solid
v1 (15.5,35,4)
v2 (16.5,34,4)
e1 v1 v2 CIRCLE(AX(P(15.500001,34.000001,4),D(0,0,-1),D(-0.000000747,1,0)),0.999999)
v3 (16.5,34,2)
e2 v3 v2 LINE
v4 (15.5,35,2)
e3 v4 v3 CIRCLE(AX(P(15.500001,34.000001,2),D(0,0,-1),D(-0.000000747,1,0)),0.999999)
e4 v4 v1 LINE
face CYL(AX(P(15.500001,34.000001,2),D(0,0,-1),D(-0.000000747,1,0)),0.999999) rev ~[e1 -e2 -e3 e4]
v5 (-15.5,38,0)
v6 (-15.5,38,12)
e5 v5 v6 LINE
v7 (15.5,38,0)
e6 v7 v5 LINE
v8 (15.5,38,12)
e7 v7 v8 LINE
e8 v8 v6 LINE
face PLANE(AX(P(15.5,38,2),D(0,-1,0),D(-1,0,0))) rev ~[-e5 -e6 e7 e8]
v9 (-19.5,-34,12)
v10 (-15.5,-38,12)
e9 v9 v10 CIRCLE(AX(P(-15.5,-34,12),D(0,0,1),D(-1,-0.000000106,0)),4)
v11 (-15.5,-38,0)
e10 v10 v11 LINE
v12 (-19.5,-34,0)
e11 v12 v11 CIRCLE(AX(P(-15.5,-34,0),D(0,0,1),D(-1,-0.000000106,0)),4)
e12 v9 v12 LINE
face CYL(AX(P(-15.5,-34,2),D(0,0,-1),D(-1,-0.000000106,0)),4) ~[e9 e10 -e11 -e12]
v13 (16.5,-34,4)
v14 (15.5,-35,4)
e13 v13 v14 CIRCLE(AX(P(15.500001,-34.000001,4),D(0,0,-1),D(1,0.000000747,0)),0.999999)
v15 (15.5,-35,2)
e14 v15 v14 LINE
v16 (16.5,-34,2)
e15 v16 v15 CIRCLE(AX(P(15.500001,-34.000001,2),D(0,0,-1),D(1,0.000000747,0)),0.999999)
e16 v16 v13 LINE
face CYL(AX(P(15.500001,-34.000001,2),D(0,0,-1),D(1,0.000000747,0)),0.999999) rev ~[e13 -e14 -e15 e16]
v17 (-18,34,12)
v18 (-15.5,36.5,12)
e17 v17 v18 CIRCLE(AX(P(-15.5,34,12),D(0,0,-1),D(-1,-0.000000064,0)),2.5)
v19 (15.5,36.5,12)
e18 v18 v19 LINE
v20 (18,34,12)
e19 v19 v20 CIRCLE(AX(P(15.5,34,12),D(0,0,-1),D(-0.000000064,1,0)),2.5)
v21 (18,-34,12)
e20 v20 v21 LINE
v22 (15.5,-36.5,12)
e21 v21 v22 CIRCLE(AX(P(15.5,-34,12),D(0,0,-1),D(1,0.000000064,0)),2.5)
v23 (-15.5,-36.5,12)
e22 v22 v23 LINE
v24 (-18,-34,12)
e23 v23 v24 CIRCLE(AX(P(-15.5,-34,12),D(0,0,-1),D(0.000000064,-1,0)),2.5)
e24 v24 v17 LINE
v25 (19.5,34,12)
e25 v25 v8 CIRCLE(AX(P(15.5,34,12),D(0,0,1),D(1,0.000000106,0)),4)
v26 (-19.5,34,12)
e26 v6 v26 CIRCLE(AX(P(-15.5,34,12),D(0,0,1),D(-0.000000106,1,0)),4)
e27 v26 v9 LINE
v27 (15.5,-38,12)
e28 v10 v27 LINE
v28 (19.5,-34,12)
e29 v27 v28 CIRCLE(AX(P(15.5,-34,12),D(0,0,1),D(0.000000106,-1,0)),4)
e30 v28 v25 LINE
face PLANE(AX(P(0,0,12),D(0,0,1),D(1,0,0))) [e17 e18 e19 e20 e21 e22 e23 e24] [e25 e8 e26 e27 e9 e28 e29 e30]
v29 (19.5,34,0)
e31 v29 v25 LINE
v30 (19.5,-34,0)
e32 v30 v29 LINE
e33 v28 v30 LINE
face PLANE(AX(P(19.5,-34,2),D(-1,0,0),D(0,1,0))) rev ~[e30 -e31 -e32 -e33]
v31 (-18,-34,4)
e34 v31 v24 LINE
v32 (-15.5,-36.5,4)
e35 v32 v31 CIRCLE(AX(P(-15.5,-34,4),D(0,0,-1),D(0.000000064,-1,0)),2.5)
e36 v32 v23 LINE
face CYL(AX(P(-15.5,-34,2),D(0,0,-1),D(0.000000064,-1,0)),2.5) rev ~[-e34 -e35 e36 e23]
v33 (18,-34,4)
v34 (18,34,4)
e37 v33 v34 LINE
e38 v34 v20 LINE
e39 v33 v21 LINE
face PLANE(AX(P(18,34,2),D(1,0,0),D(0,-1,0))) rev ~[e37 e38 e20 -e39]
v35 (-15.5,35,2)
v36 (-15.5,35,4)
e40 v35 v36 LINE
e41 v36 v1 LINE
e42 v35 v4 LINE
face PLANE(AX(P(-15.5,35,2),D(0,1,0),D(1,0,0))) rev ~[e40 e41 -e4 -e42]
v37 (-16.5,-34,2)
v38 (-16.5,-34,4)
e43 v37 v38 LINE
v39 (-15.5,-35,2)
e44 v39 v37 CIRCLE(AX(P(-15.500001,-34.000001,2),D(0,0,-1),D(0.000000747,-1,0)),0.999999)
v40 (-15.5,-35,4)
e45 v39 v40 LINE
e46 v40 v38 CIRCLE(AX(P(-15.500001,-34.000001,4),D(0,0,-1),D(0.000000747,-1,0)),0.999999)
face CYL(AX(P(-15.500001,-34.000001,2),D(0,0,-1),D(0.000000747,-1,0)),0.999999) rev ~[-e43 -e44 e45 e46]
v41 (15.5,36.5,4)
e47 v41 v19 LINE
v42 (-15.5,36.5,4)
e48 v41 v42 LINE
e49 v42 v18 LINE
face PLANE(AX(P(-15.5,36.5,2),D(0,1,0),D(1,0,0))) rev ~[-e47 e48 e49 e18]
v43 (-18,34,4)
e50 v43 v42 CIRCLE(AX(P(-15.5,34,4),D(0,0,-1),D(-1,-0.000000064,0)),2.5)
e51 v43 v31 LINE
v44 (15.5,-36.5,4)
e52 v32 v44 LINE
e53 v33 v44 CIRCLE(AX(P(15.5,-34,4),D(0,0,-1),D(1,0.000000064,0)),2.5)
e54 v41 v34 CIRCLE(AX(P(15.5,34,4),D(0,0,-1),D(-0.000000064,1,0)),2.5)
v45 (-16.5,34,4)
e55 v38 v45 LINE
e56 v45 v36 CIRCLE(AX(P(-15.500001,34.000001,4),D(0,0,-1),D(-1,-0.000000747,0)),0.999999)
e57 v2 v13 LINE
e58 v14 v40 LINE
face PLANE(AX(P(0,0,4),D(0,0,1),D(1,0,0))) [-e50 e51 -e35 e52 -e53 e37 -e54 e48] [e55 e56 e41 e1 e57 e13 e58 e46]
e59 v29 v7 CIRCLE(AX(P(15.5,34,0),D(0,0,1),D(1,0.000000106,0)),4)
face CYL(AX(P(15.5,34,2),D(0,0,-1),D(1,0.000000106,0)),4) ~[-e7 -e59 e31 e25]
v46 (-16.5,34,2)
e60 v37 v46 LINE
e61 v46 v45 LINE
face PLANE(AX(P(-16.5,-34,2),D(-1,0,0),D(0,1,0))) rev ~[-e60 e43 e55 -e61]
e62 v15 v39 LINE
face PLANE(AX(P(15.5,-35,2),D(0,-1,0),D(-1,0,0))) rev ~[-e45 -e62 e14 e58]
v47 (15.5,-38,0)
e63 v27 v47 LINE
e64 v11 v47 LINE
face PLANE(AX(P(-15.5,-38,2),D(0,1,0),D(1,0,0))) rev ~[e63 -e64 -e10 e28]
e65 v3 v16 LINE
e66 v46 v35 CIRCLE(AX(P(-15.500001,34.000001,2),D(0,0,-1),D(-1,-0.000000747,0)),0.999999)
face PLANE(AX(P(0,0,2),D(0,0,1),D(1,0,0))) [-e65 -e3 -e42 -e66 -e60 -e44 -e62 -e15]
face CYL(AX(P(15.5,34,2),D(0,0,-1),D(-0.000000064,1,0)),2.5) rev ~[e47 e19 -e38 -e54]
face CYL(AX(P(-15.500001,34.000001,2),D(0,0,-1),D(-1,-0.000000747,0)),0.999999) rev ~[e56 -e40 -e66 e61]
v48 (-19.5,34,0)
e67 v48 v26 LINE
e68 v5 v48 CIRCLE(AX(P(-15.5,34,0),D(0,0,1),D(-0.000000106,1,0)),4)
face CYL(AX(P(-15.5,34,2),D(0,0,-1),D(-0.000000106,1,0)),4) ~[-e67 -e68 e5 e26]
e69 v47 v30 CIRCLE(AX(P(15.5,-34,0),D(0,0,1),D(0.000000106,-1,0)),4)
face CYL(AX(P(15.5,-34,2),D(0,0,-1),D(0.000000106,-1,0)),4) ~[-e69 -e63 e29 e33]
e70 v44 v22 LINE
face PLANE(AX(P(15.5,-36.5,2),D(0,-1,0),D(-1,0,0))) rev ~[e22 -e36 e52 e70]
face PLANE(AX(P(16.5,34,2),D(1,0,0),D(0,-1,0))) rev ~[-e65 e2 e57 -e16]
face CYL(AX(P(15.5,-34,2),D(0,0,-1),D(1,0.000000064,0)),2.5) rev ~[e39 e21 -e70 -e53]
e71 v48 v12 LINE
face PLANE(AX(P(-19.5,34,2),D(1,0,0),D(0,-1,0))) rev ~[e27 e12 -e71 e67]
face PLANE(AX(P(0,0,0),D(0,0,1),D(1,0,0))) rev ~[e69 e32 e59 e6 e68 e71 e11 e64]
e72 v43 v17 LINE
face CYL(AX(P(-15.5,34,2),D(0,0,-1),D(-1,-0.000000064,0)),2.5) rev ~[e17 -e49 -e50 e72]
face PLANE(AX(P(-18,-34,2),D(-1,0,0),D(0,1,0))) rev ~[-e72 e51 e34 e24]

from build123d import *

# Parameters (mm, degrees)
F1_DEPTH = 2
F3_DEPTH = 2
F5_DEPTH = 10


with BuildPart() as f1:
    # F0 (on Top) → F1 (new body)
    with BuildSketch(Plane.XY):
        with BuildLine():
            Line((15.5, 38), (-15.5, 38))
            ThreePointArc((-15.5, 38), (-18.328427, 36.828427), (-19.5, 34))
            Line((-19.5, 34), (-19.5, -34))
            ThreePointArc((-19.5, -34), (-18.328427, -36.828427), (-15.5, -38))
            Line((-15.5, -38), (15.5, -38))
            ThreePointArc((15.5, -38), (18.328427, -36.828427), (19.5, -34))
            Line((19.5, -34), (19.5, 34))
            ThreePointArc((19.5, 34), (18.328427, 36.828427), (15.5, 38))
        make_face()
    extrude(amount=F1_DEPTH)

    # F2 (on face) → F3 (join)
    with BuildSketch(Plane.XY.offset(2)):
        with BuildLine():
            Line((19.5, -34), (19.5, 34))
            ThreePointArc((19.5, 34), (18.328427, 36.828427), (15.5, 38))
            Line((15.5, 38), (-15.5, 38))
            ThreePointArc((-15.5, 38), (-18.328427, 36.828427), (-19.5, 34))
            Line((-19.5, 34), (-19.5, -34))
            ThreePointArc((-19.5, -34), (-18.328427, -36.828427), (-15.5, -38))
            Line((-15.5, -38), (15.5, -38))
            ThreePointArc((15.5, -38), (18.328427, -36.828427), (19.5, -34))
        make_face()
        with BuildLine():
            ThreePointArc((-16.5, 34), (-16.207107, 34.707107), (-15.5, 35))
            Line((-15.5, 35), (15.5, 35))
            ThreePointArc((15.5, 35), (16.207107, 34.707107), (16.5, 34))
            Line((16.5, 34), (16.5, -34))
            ThreePointArc((16.5, -34), (16.207107, -34.707107), (15.5, -35))
            Line((15.5, -35), (-15.5, -35))
            ThreePointArc((-15.5, -35), (-16.207107, -34.707107), (-16.5, -34))
            Line((-16.5, -34), (-16.5, 34))
        make_face(mode=Mode.SUBTRACT)
    extrude(amount=F3_DEPTH)

    # F4 (on face) → F5 (join)
    with BuildSketch(Plane.XY.offset(2)):
        with BuildLine():
            ThreePointArc((-15.5, 38), (-18.328427, 36.828427), (-19.5, 34))
            Line((-19.5, 34), (-19.5, -34))
            ThreePointArc((-19.5, -34), (-18.328427, -36.828427), (-15.5, -38))
            Line((-15.5, -38), (15.5, -38))
            ThreePointArc((15.5, -38), (18.328427, -36.828427), (19.5, -34))
            Line((19.5, -34), (19.5, 34))
            ThreePointArc((19.5, 34), (18.328427, 36.828427), (15.5, 38))
            Line((15.5, 38), (-15.5, 38))
        make_face()
        with BuildLine():
            ThreePointArc((-18, 34), (-17.267767, 35.767767), (-15.5, 36.5))
            Line((-15.5, 36.5), (15.5, 36.5))
            ThreePointArc((15.5, 36.5), (17.267767, 35.767767), (18, 34))
            Line((18, 34), (18, -34))
            ThreePointArc((18, -34), (17.267767, -35.767767), (15.5, -36.5))
            Line((15.5, -36.5), (-15.5, -36.5))
            ThreePointArc((-15.5, -36.5), (-17.267767, -35.767767), (-18, -34))
            Line((-18, -34), (-18, 34))
        make_face(mode=Mode.SUBTRACT)
    extrude(amount=F5_DEPTH)


solid = f1.part
